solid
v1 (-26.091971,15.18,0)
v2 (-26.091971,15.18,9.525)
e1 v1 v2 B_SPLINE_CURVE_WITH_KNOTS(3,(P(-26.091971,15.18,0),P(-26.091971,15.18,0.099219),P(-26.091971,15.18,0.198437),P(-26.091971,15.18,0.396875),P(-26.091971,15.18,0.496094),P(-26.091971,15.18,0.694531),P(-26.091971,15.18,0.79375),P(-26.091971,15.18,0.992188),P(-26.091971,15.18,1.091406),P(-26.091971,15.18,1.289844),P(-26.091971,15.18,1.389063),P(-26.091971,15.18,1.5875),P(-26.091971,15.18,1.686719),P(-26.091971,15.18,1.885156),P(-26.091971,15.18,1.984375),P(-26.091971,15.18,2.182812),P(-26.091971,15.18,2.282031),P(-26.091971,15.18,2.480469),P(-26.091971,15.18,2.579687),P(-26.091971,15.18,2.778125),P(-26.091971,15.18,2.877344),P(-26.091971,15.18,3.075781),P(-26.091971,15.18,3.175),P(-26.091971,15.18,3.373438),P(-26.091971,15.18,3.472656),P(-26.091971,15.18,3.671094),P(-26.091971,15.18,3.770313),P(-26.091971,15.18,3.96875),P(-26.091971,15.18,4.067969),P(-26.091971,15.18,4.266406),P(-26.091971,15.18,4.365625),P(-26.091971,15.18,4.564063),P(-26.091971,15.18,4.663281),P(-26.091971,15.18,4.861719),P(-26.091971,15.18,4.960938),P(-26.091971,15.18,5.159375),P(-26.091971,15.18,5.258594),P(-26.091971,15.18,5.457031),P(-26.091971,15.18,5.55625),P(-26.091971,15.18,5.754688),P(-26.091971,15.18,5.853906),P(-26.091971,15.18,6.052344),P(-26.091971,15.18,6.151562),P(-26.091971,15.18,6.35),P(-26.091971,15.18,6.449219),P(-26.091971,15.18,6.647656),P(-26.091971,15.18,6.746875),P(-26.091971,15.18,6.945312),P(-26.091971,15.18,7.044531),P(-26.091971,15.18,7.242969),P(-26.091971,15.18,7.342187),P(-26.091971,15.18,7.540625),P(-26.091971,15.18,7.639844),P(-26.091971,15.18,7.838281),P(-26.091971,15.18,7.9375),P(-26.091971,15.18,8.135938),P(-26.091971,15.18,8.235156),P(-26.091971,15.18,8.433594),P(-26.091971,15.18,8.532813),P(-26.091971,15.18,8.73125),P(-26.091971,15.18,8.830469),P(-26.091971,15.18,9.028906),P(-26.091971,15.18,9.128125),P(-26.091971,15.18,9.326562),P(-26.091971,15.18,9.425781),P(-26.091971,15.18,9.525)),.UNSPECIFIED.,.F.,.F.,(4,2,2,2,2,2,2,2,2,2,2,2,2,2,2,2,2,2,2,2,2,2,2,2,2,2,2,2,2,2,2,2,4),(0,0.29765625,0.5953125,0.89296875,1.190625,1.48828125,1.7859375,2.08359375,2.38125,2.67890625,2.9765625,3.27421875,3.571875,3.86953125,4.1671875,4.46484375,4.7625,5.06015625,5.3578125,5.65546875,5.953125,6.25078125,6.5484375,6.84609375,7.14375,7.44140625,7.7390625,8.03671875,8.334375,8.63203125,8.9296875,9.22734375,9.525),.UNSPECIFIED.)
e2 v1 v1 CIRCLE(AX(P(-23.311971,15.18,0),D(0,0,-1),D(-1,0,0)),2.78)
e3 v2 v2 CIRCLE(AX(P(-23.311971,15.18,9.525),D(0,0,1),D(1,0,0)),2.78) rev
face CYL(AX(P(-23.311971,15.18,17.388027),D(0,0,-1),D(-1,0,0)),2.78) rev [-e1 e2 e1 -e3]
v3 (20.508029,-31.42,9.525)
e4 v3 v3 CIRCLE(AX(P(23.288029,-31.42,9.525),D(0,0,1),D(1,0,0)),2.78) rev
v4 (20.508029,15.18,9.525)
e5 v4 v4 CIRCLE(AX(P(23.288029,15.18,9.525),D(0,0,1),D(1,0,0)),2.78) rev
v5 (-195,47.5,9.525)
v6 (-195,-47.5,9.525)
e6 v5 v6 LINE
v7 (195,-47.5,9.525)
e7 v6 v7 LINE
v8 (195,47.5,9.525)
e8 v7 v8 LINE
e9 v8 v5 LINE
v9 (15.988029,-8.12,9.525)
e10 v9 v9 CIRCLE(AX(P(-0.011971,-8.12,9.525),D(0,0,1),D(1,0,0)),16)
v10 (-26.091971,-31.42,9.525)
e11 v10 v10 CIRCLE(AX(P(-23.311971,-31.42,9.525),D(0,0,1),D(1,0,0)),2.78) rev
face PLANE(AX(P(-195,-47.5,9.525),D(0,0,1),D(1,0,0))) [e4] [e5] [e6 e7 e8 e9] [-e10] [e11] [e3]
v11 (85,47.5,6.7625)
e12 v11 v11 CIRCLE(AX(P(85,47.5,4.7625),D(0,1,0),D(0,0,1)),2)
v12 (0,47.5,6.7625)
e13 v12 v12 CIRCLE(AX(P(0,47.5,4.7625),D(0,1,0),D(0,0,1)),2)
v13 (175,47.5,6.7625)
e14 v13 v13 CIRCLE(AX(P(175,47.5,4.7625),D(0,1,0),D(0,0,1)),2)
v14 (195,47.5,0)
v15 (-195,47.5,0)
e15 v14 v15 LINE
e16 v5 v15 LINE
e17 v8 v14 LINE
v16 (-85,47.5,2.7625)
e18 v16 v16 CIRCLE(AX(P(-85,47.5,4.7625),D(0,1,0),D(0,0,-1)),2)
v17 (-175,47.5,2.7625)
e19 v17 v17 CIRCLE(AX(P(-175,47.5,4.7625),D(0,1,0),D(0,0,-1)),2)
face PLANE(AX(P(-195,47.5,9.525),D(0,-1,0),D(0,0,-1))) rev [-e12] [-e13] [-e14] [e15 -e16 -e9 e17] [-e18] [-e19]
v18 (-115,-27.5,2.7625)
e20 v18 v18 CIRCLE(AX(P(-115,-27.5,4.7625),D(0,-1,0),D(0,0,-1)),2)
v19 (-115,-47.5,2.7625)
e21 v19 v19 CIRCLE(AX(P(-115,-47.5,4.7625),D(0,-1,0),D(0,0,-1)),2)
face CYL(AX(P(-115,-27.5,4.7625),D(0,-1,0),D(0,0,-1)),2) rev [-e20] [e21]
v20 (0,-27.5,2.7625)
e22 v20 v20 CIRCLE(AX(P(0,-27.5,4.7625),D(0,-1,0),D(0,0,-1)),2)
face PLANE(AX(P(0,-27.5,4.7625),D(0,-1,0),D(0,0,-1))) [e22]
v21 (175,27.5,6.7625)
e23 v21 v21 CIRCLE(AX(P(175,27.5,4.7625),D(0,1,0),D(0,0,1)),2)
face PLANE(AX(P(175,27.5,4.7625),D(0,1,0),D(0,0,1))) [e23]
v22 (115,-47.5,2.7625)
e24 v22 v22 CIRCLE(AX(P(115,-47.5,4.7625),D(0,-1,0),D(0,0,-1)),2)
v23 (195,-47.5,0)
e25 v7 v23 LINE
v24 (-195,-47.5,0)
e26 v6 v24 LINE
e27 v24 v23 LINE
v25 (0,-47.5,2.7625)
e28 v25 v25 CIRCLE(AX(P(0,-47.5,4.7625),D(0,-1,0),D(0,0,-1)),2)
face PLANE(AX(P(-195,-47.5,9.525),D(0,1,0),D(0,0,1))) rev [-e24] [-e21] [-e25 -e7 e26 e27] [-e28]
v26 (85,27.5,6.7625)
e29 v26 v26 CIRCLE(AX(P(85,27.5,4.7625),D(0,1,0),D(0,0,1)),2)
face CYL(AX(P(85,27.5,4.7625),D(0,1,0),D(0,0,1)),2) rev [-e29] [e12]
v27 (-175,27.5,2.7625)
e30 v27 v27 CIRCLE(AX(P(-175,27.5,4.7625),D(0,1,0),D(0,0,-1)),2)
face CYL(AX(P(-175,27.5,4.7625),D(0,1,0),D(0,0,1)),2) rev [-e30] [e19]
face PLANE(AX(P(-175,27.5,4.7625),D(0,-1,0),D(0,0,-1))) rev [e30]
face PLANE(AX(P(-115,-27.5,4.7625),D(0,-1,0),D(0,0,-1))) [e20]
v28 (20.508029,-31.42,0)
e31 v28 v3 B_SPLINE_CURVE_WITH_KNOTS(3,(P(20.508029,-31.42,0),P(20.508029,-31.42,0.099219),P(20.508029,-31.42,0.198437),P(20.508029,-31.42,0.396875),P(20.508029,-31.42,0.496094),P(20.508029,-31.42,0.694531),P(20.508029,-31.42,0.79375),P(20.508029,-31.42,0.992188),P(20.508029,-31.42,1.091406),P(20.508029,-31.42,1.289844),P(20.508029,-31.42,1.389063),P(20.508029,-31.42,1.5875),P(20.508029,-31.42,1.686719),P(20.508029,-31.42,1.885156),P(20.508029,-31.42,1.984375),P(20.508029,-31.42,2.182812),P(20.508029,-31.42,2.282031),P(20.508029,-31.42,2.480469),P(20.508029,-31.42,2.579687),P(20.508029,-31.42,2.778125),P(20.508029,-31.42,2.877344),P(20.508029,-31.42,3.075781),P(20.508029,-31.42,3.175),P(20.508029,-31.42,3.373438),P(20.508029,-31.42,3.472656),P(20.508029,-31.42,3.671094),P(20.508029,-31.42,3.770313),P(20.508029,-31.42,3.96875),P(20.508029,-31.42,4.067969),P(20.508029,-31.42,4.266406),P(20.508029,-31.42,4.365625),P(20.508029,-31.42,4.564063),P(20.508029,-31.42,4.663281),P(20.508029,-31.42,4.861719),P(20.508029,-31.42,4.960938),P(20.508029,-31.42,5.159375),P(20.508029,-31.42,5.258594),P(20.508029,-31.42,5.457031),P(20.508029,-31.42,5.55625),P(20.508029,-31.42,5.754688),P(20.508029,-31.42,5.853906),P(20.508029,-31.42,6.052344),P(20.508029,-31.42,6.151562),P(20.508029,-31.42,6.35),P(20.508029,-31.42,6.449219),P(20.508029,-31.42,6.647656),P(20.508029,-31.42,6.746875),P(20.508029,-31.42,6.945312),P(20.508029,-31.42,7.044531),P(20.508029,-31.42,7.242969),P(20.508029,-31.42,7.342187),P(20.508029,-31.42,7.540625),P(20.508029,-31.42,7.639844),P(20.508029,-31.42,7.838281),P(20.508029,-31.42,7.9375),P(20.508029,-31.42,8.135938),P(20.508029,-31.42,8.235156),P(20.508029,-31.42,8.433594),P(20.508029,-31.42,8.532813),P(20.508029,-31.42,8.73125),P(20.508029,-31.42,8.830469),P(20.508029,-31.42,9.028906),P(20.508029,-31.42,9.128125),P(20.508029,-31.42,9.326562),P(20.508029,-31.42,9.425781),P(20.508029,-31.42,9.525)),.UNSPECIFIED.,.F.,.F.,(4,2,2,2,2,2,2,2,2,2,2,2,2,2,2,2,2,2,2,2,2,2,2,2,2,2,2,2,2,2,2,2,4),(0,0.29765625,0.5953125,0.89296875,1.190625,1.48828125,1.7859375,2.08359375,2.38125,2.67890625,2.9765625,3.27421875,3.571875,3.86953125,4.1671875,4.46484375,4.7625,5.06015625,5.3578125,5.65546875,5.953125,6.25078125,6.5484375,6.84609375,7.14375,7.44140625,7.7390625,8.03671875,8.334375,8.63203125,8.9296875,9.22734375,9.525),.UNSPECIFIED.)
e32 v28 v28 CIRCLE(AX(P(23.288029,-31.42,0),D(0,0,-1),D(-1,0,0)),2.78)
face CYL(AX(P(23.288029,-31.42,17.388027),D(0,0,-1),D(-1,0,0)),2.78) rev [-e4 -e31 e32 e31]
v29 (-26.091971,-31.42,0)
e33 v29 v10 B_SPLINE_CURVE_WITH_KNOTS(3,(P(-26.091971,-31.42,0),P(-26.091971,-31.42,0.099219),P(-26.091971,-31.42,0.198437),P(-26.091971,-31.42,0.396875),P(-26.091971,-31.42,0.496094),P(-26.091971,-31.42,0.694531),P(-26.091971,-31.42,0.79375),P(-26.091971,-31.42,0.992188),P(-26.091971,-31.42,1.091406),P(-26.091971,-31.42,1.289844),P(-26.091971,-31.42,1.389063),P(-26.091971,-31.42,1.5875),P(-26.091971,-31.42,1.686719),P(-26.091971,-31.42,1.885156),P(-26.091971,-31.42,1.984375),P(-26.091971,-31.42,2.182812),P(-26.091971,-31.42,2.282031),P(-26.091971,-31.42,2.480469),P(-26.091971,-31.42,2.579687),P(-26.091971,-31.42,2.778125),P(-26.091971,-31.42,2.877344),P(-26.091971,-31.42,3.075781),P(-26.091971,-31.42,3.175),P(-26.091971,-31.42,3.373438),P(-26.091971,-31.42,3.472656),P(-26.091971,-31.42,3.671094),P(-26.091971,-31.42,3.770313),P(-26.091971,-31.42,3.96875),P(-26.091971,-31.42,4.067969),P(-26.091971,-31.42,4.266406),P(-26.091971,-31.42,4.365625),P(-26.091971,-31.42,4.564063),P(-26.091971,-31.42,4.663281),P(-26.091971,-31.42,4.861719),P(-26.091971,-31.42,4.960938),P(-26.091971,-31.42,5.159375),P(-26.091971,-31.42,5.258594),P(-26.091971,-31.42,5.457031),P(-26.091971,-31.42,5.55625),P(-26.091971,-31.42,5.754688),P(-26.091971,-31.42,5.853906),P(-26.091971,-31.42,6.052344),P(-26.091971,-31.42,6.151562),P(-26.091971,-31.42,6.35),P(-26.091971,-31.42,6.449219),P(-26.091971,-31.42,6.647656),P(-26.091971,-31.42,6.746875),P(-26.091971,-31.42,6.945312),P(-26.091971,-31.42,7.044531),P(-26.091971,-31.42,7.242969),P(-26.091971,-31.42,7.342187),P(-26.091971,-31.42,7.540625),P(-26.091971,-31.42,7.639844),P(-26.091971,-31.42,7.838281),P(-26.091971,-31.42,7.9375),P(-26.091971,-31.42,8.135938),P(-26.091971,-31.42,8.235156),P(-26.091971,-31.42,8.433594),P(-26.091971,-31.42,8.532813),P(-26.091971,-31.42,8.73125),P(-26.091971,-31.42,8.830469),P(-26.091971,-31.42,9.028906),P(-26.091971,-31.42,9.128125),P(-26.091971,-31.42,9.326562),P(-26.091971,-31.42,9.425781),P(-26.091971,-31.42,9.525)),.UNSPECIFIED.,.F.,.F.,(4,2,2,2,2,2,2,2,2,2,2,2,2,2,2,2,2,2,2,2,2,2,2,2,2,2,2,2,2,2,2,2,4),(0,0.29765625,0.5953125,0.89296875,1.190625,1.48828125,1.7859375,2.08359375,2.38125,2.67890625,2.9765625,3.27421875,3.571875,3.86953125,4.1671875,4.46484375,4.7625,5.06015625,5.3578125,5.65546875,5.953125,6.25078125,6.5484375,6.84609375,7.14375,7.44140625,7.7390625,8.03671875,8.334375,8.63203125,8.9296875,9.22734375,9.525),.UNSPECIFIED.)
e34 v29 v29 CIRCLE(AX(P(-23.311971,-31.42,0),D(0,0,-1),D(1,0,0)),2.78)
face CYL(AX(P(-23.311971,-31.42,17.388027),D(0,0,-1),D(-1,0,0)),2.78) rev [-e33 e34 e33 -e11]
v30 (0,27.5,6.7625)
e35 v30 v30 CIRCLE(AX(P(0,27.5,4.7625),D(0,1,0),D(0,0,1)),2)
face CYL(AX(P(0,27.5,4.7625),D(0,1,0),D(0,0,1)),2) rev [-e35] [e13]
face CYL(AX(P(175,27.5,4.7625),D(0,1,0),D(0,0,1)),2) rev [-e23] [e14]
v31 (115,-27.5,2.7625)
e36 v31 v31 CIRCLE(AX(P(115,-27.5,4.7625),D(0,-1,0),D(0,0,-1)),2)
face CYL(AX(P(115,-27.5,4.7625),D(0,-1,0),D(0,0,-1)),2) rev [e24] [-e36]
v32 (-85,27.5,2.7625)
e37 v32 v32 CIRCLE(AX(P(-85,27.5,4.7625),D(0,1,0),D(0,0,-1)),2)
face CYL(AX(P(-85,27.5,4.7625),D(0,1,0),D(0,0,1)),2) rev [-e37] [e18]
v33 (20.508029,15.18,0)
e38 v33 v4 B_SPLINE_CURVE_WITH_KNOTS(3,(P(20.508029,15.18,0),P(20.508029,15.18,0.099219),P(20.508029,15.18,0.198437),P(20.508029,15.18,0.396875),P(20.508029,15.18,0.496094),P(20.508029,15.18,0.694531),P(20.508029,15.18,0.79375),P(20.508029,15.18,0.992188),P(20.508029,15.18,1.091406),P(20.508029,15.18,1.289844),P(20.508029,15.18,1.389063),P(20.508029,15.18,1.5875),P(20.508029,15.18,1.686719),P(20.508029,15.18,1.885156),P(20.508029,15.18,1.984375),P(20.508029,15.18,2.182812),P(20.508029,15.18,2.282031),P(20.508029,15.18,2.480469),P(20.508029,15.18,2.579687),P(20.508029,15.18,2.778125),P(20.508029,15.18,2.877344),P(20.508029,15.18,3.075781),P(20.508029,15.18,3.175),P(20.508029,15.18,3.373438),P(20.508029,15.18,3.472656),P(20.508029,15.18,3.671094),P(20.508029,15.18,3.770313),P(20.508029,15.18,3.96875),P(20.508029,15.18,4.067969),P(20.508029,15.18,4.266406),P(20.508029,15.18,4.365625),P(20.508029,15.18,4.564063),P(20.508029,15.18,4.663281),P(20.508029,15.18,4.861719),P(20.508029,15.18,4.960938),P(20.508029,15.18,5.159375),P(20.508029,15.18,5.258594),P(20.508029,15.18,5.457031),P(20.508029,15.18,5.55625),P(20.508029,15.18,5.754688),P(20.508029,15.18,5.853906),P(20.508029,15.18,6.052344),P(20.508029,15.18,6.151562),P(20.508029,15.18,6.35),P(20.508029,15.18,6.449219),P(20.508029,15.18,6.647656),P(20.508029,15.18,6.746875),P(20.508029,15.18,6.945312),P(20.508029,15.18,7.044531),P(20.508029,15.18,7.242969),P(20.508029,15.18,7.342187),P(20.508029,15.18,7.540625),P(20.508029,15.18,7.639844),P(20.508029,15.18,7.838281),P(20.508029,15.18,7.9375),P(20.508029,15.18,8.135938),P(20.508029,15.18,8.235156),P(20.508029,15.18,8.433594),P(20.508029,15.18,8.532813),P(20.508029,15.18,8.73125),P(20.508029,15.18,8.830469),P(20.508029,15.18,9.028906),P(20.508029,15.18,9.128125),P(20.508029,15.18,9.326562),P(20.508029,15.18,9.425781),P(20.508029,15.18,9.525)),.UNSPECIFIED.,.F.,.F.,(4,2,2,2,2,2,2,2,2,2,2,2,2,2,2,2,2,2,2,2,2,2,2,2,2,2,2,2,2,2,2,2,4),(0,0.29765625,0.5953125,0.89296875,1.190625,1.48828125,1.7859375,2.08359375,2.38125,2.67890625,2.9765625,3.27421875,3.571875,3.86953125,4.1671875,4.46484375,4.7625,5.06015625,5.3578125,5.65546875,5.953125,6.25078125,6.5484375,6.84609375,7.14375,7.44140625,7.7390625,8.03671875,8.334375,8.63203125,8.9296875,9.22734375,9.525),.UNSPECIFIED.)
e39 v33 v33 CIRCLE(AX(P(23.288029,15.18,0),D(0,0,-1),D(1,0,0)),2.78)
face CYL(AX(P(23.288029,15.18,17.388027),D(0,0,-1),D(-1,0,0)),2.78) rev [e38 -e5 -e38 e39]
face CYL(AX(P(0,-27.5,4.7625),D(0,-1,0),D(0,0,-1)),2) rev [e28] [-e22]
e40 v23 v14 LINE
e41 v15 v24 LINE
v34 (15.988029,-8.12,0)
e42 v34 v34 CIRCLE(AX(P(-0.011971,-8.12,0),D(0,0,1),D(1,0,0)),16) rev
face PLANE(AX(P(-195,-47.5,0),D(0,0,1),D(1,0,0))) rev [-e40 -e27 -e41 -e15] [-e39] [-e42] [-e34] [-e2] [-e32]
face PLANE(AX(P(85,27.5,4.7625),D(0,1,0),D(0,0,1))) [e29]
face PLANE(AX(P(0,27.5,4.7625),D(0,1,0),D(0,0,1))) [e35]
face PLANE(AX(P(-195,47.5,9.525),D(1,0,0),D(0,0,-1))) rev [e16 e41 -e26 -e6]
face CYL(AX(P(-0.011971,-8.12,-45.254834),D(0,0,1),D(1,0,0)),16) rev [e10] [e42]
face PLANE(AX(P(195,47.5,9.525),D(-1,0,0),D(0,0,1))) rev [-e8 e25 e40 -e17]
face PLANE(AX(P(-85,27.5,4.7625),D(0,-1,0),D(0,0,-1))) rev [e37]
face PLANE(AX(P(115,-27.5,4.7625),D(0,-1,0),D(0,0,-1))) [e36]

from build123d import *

# Parameters (mm, degrees)
ESBO_O1_W                = 390
ESBO_O1_H                = 95
RESSALTO_EXTRUS_O1_DEPTH = 9.525
ESBO_O3_R                = 16
CORTE_EXTRUS_O2_DEPTH    = 9.525
ESBO_O17_R               = 2.78
CORTE_EXTRUS_O12_DEPTH   = 9.525
ESBO_O18_R               = 2
CORTE_EXTRUS_O13_DEPTH   = 20
CORTE_EXTRUS_O14_START   = -20
ESBO_O19_R               = 2
CORTE_EXTRUS_O14_DEPTH   = 20


with BuildPart() as part:
    # Esboço1 → Ressalto-extrusão1 (new body)
    with BuildSketch(Plane.XY):
        Rectangle(ESBO_O1_W, ESBO_O1_H)
    extrude(amount=RESSALTO_EXTRUS_O1_DEPTH)

    # Esboço3 → Corte-extrusão2 (cut)
    with BuildSketch(Plane.XY.offset(9.525)):
        with Locations((-0.011971039, -8.12)):
            Circle(ESBO_O3_R)
    extrude(amount=-CORTE_EXTRUS_O2_DEPTH, mode=Mode.SUBTRACT)

    # Esboço17 → Corte-extrusão12 (cut)
    with BuildSketch(Plane(origin=(0, 0, 0), x_dir=(-1, 0, 0), z_dir=(0, 0, -1))):
        with Locations((23.311971039, -31.42)):
            Circle(ESBO_O17_R)
        with Locations((-23.288028961, -31.42)):
            Circle(ESBO_O17_R)
        with Locations((23.311971039, 15.18)):
            Circle(ESBO_O17_R)
        with Locations((-23.288028961, 15.18)):
            Circle(ESBO_O17_R)
    extrude(amount=-CORTE_EXTRUS_O12_DEPTH, mode=Mode.SUBTRACT)

    # Esboço18 → Corte-extrusão13 (cut)
    with BuildSketch(Plane(origin=(0, 47.5, 0), x_dir=(-1, 0, 0), z_dir=(0, 1, 0))):
        with Locations(Location((-175, 4.7625, 0), (0, 0, 90))):
            Circle(ESBO_O18_R)
        with Locations(Location((-85, 4.7625, 0), (0, 0, 90))):
            Circle(ESBO_O18_R)
        with Locations(Location((0, 4.7625, 0), (0, 0, 90))):
            Circle(ESBO_O18_R)
        with Locations(Location((175, 4.7625, 0), (0, 0, 270))):
            Circle(ESBO_O18_R)
        with Locations(Location((85, 4.7625, 0), (0, 0, 270))):
            Circle(ESBO_O18_R)
    extrude(amount=-CORTE_EXTRUS_O13_DEPTH, mode=Mode.SUBTRACT)

    # Esboço19 → Corte-extrusão14 (cut)
    with BuildSketch(Plane.XZ.offset(47.5).offset(CORTE_EXTRUS_O14_START)):
        with Locations(Location((-115, 4.7625, 0), (0, 0, 270))):
            Circle(ESBO_O19_R)
        with Locations(Location((0, 4.7625, 0), (0, 0, 90))):
            Circle(ESBO_O19_R)
        with Locations(Location((115, 4.7625, 0), (0, 0, 270))):
            Circle(ESBO_O19_R)
    extrude(amount=CORTE_EXTRUS_O14_DEPTH, mode=Mode.SUBTRACT)


solid = part.part
